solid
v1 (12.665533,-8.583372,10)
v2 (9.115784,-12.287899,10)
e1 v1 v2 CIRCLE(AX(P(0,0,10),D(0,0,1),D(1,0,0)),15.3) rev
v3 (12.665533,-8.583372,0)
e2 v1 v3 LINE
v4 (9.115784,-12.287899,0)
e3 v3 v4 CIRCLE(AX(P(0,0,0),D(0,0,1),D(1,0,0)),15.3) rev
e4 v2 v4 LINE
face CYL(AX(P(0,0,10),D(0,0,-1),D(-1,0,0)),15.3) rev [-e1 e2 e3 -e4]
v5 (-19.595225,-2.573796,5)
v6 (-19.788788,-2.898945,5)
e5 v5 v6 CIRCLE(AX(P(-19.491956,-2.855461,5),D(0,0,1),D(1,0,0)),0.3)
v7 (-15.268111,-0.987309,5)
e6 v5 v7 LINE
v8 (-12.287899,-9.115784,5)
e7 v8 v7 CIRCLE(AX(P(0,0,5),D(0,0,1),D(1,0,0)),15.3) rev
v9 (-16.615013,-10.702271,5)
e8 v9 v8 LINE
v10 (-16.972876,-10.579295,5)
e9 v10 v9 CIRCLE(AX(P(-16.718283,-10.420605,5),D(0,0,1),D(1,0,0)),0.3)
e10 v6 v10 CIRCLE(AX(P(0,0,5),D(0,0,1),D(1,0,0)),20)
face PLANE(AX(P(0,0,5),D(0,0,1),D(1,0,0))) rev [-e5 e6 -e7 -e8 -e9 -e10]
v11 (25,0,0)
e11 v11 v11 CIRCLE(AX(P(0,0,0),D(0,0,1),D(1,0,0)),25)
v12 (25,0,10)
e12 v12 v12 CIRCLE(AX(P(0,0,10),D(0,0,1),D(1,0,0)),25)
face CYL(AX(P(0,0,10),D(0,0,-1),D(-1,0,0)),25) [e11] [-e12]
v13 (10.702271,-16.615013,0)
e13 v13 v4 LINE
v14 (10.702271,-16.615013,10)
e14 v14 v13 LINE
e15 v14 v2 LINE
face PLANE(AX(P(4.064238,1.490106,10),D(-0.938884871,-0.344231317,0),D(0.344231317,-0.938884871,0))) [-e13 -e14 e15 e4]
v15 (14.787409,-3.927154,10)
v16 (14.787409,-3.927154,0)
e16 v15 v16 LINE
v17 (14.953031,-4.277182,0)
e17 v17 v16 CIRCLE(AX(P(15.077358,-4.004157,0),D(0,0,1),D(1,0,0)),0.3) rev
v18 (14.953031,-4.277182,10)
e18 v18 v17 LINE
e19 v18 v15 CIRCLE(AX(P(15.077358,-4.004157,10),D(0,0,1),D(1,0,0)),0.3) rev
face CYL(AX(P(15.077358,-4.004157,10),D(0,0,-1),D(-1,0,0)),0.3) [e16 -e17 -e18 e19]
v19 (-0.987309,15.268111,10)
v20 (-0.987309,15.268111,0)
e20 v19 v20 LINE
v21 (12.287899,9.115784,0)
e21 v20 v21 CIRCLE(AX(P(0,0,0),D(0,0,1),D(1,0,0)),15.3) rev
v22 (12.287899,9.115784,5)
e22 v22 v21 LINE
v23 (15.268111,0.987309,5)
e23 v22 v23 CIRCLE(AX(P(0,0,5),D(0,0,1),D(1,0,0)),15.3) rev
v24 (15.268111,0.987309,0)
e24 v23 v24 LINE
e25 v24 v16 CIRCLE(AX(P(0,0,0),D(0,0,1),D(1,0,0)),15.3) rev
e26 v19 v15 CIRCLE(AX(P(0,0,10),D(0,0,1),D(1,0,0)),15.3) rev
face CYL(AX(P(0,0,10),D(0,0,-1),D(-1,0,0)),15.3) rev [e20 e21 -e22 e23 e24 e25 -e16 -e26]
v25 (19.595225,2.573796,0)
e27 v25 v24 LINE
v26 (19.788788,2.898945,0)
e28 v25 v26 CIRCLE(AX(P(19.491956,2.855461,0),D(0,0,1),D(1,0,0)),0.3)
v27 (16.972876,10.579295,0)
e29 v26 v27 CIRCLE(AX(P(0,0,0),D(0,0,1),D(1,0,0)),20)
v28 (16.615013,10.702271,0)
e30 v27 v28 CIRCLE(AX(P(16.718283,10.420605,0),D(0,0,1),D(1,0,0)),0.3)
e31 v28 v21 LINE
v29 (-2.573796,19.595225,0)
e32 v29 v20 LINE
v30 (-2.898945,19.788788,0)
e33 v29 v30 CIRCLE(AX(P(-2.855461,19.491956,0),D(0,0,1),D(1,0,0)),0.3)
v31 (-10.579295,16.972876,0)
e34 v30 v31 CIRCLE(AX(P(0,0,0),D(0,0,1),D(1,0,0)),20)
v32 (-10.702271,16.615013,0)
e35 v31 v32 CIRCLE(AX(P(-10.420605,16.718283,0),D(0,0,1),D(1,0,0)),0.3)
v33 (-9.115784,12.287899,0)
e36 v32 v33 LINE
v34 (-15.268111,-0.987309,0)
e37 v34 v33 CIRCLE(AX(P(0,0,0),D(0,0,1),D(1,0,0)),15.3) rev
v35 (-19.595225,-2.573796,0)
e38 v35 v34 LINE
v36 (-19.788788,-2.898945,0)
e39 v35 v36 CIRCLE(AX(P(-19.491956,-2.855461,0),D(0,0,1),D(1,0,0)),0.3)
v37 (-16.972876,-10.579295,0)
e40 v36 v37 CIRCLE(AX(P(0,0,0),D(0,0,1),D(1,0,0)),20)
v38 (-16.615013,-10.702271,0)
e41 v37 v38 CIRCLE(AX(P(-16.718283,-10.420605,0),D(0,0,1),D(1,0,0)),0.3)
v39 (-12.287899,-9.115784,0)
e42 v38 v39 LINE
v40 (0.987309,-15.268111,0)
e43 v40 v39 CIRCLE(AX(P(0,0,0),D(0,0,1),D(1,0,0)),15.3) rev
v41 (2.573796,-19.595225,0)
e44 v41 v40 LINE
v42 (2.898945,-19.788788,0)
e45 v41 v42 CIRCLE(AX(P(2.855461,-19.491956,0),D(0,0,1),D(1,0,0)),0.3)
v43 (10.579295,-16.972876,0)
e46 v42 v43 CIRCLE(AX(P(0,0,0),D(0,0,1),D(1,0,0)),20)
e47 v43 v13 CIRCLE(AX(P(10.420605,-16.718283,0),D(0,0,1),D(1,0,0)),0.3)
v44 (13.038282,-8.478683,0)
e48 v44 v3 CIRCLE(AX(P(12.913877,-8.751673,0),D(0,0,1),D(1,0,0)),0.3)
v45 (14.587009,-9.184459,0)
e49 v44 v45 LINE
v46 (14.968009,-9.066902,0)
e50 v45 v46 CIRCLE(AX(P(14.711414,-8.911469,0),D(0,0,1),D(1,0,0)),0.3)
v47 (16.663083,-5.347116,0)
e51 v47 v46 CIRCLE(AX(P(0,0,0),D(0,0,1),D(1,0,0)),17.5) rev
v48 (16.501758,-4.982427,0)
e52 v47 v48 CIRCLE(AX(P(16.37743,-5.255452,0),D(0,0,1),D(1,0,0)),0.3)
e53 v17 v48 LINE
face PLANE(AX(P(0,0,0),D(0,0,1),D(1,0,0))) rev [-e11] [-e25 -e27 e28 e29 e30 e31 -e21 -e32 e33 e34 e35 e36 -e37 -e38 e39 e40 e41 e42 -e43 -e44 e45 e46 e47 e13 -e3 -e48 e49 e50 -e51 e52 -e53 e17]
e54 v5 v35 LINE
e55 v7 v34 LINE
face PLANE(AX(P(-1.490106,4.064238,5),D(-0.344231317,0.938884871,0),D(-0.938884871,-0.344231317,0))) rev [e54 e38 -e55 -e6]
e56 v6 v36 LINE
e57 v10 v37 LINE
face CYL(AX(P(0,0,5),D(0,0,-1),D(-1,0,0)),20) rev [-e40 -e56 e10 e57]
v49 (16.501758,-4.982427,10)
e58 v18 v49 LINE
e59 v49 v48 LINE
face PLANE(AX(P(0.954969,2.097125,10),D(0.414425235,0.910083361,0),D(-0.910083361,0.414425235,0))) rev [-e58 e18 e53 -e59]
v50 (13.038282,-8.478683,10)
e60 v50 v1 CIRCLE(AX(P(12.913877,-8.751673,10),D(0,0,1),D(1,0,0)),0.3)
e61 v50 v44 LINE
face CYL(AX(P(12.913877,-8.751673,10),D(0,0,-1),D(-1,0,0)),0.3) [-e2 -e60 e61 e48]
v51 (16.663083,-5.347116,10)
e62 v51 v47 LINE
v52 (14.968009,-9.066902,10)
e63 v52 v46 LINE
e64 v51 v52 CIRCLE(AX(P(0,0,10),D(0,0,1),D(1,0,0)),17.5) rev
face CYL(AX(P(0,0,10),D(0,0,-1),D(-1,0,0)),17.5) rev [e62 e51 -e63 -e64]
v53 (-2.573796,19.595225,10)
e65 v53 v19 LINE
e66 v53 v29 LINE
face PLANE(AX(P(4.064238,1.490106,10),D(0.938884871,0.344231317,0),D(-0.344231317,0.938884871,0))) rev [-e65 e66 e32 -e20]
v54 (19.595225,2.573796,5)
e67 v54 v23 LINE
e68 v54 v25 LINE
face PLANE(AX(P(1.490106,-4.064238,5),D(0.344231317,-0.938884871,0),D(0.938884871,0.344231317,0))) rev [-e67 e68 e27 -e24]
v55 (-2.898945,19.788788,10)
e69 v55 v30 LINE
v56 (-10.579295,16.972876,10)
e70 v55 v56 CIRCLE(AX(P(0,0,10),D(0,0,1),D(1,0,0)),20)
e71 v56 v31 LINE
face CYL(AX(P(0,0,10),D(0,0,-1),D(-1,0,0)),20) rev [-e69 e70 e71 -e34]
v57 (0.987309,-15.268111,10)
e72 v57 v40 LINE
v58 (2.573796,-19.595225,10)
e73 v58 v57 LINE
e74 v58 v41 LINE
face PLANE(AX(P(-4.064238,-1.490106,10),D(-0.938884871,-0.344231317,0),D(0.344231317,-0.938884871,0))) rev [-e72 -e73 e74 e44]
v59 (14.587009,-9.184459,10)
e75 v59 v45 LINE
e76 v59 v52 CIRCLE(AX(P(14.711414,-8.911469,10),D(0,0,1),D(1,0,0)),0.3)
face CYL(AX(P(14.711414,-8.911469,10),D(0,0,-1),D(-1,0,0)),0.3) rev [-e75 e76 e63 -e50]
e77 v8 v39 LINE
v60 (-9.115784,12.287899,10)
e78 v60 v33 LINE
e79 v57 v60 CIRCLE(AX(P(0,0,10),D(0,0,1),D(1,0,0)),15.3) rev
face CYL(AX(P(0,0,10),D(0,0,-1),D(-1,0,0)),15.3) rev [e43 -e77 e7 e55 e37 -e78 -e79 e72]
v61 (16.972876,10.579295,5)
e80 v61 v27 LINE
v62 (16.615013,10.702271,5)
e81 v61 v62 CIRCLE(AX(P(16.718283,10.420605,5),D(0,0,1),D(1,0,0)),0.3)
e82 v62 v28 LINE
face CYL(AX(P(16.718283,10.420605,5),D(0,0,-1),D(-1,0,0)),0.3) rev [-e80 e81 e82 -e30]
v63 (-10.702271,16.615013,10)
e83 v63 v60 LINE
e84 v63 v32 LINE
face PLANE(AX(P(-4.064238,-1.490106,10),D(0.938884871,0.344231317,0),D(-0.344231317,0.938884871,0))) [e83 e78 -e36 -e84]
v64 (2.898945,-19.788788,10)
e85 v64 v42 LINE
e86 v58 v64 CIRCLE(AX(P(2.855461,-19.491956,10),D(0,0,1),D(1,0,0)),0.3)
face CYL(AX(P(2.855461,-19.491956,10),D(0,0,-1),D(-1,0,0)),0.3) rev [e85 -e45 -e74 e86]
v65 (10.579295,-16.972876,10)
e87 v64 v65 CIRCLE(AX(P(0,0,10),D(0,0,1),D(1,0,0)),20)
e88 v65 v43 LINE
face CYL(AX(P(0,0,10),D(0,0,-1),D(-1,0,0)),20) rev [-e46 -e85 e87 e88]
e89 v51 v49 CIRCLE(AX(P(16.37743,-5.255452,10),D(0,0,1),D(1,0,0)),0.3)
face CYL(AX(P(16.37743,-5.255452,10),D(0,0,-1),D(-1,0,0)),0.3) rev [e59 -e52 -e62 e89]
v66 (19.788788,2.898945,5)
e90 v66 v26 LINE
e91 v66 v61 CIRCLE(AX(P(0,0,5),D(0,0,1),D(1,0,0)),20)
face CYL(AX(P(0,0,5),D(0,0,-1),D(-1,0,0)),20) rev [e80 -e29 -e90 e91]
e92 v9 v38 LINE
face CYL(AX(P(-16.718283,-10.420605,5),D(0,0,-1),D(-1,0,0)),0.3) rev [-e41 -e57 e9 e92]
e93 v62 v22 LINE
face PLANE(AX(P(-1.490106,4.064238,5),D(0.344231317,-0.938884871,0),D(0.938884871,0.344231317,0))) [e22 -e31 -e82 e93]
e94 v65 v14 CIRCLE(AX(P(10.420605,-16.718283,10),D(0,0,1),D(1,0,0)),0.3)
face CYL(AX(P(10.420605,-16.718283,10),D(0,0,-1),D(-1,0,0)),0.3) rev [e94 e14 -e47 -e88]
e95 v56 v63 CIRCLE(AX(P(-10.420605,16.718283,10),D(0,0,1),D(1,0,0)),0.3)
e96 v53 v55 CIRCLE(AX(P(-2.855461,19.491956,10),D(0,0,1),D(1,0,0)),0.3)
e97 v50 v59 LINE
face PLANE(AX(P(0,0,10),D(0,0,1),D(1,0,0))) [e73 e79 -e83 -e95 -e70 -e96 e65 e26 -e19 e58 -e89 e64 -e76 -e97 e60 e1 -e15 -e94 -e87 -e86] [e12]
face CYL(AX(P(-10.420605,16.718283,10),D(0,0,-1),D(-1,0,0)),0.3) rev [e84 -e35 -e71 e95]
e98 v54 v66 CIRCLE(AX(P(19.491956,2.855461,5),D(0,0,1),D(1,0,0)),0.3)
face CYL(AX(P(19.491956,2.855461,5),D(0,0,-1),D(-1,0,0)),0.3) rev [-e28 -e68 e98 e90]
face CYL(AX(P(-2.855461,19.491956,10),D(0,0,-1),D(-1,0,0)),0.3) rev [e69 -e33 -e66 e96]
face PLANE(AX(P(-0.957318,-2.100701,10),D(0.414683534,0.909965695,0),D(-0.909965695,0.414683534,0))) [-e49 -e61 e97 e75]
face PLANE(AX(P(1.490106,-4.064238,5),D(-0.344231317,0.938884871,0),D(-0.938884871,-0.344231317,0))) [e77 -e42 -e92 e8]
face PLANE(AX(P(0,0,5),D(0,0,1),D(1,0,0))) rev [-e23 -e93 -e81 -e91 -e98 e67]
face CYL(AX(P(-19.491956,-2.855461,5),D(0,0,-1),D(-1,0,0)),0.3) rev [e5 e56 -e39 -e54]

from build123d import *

# Parameters (mm, degrees)
ESQUISSE1_R             = 25
BOSS_EXTRU_1_DEPTH      = 10
ENL_V_MAT_EXTRU_1_DEPTH = 5


with BuildPart() as part:
    # Esquisse1 → Boss.-Extru.1 (new body)
    with BuildSketch(Plane.XY):
        Circle(ESQUISSE1_R)
        with BuildLine():
            ThreePointArc((14.787409001, -3.927153556), (14.806182583, -4.132467854), (14.953030626, -4.277181575))
            Line((14.953030626, -4.277181575), (16.501758042, -4.982426557))
            ThreePointArc((16.501758042, -4.982426557), (16.651785463, -5.134087079), (16.663083329, -5.347116418))
            ThreePointArc((16.663083329, -5.347116418), (15.924531384, -7.256672806), (14.968008895, -9.066901881))
            ThreePointArc((14.968008895, -9.066901881), (14.799864591, -9.198133844), (14.587009397, -9.184458985))
            Line((14.587009397, -9.184458985), (13.038282108, -8.478683252))
            ThreePointArc((13.038282108, -8.478683252), (12.832759155, -8.462847948), (12.665533258, -8.583371557))
            ThreePointArc((12.665533258, -8.583371557), (11.047050831, -10.585493278), (9.115784449, -12.28789949))
            Line((9.115784449, -12.28789949), (10.702270918, -16.615013469))
            ThreePointArc((10.702270918, -16.615013469), (10.704320991, -16.815778994), (10.57929488, -16.972876004))
            ThreePointArc((10.57929488, -16.972876004), (6.884626339, -18.777697414), (2.898945402, -19.788787622))
            ThreePointArc((2.898945402, -19.788787622), (2.70200379, -19.749736367), (2.57379576, -19.595225203))
            Line((2.57379576, -19.595225203), (0.987309291, -15.268111225))
            ThreePointArc((0.987309291, -15.268111225), (-14.364938522, -5.26673915), (-9.115784449, 12.28789949))
            Line((-9.115784449, 12.28789949), (-10.702270918, 16.615013469))
            ThreePointArc((-10.702270918, 16.615013469), (-10.704320991, 16.815778994), (-10.57929488, 16.972876004))
            ThreePointArc((-10.57929488, 16.972876004), (-6.884626339, 18.777697414), (-2.898945402, 19.788787622))
            ThreePointArc((-2.898945402, 19.788787622), (-2.70200379, 19.749736367), (-2.57379576, 19.595225203))
            Line((-2.57379576, 19.595225203), (-0.987309291, 15.268111225))
            ThreePointArc((-0.987309291, 15.268111225), (11.820542944, 9.714152794), (14.787409001, -3.927153556))
        make_face(mode=Mode.SUBTRACT)
    extrude(amount=BOSS_EXTRU_1_DEPTH)

    # Esquisse1<6> → Enlèv. mat.-Extru.1 (cut)
    with BuildSketch(Plane.XY):
        with BuildLine():
            ThreePointArc((12.28789949, 9.115784449), (14.364938522, 5.26673915), (15.268111225, 0.987309291))
            Line((15.268111225, 0.987309291), (19.595225203, 2.57379576))
            ThreePointArc((19.595225203, 2.57379576), (19.749736367, 2.70200379), (19.788787622, 2.898945402))
            ThreePointArc((19.788787622, 2.898945402), (18.777697414, 6.884626339), (16.972876004, 10.57929488))
            ThreePointArc((16.972876004, 10.57929488), (16.815778994, 10.704320991), (16.615013469, 10.702270918))
            Line((16.615013469, 10.702270918), (12.28789949, 9.115784449))
        make_face()
        with BuildLine():
            ThreePointArc((-12.28789949, -9.115784449), (-14.364938522, -5.26673915), (-15.268111225, -0.987309291))
            Line((-15.268111225, -0.987309291), (-19.595225203, -2.57379576))
            ThreePointArc((-19.595225203, -2.57379576), (-19.749736367, -2.70200379), (-19.788787622, -2.898945402))
            ThreePointArc((-19.788787622, -2.898945402), (-18.777697414, -6.884626339), (-16.972876004, -10.57929488))
            ThreePointArc((-16.972876004, -10.57929488), (-16.815778994, -10.704320991), (-16.615013469, -10.702270918))
            Line((-16.615013469, -10.702270918), (-12.28789949, -9.115784449))
        make_face()
    extrude(amount=ENL_V_MAT_EXTRU_1_DEPTH, mode=Mode.SUBTRACT)


solid = part.part
